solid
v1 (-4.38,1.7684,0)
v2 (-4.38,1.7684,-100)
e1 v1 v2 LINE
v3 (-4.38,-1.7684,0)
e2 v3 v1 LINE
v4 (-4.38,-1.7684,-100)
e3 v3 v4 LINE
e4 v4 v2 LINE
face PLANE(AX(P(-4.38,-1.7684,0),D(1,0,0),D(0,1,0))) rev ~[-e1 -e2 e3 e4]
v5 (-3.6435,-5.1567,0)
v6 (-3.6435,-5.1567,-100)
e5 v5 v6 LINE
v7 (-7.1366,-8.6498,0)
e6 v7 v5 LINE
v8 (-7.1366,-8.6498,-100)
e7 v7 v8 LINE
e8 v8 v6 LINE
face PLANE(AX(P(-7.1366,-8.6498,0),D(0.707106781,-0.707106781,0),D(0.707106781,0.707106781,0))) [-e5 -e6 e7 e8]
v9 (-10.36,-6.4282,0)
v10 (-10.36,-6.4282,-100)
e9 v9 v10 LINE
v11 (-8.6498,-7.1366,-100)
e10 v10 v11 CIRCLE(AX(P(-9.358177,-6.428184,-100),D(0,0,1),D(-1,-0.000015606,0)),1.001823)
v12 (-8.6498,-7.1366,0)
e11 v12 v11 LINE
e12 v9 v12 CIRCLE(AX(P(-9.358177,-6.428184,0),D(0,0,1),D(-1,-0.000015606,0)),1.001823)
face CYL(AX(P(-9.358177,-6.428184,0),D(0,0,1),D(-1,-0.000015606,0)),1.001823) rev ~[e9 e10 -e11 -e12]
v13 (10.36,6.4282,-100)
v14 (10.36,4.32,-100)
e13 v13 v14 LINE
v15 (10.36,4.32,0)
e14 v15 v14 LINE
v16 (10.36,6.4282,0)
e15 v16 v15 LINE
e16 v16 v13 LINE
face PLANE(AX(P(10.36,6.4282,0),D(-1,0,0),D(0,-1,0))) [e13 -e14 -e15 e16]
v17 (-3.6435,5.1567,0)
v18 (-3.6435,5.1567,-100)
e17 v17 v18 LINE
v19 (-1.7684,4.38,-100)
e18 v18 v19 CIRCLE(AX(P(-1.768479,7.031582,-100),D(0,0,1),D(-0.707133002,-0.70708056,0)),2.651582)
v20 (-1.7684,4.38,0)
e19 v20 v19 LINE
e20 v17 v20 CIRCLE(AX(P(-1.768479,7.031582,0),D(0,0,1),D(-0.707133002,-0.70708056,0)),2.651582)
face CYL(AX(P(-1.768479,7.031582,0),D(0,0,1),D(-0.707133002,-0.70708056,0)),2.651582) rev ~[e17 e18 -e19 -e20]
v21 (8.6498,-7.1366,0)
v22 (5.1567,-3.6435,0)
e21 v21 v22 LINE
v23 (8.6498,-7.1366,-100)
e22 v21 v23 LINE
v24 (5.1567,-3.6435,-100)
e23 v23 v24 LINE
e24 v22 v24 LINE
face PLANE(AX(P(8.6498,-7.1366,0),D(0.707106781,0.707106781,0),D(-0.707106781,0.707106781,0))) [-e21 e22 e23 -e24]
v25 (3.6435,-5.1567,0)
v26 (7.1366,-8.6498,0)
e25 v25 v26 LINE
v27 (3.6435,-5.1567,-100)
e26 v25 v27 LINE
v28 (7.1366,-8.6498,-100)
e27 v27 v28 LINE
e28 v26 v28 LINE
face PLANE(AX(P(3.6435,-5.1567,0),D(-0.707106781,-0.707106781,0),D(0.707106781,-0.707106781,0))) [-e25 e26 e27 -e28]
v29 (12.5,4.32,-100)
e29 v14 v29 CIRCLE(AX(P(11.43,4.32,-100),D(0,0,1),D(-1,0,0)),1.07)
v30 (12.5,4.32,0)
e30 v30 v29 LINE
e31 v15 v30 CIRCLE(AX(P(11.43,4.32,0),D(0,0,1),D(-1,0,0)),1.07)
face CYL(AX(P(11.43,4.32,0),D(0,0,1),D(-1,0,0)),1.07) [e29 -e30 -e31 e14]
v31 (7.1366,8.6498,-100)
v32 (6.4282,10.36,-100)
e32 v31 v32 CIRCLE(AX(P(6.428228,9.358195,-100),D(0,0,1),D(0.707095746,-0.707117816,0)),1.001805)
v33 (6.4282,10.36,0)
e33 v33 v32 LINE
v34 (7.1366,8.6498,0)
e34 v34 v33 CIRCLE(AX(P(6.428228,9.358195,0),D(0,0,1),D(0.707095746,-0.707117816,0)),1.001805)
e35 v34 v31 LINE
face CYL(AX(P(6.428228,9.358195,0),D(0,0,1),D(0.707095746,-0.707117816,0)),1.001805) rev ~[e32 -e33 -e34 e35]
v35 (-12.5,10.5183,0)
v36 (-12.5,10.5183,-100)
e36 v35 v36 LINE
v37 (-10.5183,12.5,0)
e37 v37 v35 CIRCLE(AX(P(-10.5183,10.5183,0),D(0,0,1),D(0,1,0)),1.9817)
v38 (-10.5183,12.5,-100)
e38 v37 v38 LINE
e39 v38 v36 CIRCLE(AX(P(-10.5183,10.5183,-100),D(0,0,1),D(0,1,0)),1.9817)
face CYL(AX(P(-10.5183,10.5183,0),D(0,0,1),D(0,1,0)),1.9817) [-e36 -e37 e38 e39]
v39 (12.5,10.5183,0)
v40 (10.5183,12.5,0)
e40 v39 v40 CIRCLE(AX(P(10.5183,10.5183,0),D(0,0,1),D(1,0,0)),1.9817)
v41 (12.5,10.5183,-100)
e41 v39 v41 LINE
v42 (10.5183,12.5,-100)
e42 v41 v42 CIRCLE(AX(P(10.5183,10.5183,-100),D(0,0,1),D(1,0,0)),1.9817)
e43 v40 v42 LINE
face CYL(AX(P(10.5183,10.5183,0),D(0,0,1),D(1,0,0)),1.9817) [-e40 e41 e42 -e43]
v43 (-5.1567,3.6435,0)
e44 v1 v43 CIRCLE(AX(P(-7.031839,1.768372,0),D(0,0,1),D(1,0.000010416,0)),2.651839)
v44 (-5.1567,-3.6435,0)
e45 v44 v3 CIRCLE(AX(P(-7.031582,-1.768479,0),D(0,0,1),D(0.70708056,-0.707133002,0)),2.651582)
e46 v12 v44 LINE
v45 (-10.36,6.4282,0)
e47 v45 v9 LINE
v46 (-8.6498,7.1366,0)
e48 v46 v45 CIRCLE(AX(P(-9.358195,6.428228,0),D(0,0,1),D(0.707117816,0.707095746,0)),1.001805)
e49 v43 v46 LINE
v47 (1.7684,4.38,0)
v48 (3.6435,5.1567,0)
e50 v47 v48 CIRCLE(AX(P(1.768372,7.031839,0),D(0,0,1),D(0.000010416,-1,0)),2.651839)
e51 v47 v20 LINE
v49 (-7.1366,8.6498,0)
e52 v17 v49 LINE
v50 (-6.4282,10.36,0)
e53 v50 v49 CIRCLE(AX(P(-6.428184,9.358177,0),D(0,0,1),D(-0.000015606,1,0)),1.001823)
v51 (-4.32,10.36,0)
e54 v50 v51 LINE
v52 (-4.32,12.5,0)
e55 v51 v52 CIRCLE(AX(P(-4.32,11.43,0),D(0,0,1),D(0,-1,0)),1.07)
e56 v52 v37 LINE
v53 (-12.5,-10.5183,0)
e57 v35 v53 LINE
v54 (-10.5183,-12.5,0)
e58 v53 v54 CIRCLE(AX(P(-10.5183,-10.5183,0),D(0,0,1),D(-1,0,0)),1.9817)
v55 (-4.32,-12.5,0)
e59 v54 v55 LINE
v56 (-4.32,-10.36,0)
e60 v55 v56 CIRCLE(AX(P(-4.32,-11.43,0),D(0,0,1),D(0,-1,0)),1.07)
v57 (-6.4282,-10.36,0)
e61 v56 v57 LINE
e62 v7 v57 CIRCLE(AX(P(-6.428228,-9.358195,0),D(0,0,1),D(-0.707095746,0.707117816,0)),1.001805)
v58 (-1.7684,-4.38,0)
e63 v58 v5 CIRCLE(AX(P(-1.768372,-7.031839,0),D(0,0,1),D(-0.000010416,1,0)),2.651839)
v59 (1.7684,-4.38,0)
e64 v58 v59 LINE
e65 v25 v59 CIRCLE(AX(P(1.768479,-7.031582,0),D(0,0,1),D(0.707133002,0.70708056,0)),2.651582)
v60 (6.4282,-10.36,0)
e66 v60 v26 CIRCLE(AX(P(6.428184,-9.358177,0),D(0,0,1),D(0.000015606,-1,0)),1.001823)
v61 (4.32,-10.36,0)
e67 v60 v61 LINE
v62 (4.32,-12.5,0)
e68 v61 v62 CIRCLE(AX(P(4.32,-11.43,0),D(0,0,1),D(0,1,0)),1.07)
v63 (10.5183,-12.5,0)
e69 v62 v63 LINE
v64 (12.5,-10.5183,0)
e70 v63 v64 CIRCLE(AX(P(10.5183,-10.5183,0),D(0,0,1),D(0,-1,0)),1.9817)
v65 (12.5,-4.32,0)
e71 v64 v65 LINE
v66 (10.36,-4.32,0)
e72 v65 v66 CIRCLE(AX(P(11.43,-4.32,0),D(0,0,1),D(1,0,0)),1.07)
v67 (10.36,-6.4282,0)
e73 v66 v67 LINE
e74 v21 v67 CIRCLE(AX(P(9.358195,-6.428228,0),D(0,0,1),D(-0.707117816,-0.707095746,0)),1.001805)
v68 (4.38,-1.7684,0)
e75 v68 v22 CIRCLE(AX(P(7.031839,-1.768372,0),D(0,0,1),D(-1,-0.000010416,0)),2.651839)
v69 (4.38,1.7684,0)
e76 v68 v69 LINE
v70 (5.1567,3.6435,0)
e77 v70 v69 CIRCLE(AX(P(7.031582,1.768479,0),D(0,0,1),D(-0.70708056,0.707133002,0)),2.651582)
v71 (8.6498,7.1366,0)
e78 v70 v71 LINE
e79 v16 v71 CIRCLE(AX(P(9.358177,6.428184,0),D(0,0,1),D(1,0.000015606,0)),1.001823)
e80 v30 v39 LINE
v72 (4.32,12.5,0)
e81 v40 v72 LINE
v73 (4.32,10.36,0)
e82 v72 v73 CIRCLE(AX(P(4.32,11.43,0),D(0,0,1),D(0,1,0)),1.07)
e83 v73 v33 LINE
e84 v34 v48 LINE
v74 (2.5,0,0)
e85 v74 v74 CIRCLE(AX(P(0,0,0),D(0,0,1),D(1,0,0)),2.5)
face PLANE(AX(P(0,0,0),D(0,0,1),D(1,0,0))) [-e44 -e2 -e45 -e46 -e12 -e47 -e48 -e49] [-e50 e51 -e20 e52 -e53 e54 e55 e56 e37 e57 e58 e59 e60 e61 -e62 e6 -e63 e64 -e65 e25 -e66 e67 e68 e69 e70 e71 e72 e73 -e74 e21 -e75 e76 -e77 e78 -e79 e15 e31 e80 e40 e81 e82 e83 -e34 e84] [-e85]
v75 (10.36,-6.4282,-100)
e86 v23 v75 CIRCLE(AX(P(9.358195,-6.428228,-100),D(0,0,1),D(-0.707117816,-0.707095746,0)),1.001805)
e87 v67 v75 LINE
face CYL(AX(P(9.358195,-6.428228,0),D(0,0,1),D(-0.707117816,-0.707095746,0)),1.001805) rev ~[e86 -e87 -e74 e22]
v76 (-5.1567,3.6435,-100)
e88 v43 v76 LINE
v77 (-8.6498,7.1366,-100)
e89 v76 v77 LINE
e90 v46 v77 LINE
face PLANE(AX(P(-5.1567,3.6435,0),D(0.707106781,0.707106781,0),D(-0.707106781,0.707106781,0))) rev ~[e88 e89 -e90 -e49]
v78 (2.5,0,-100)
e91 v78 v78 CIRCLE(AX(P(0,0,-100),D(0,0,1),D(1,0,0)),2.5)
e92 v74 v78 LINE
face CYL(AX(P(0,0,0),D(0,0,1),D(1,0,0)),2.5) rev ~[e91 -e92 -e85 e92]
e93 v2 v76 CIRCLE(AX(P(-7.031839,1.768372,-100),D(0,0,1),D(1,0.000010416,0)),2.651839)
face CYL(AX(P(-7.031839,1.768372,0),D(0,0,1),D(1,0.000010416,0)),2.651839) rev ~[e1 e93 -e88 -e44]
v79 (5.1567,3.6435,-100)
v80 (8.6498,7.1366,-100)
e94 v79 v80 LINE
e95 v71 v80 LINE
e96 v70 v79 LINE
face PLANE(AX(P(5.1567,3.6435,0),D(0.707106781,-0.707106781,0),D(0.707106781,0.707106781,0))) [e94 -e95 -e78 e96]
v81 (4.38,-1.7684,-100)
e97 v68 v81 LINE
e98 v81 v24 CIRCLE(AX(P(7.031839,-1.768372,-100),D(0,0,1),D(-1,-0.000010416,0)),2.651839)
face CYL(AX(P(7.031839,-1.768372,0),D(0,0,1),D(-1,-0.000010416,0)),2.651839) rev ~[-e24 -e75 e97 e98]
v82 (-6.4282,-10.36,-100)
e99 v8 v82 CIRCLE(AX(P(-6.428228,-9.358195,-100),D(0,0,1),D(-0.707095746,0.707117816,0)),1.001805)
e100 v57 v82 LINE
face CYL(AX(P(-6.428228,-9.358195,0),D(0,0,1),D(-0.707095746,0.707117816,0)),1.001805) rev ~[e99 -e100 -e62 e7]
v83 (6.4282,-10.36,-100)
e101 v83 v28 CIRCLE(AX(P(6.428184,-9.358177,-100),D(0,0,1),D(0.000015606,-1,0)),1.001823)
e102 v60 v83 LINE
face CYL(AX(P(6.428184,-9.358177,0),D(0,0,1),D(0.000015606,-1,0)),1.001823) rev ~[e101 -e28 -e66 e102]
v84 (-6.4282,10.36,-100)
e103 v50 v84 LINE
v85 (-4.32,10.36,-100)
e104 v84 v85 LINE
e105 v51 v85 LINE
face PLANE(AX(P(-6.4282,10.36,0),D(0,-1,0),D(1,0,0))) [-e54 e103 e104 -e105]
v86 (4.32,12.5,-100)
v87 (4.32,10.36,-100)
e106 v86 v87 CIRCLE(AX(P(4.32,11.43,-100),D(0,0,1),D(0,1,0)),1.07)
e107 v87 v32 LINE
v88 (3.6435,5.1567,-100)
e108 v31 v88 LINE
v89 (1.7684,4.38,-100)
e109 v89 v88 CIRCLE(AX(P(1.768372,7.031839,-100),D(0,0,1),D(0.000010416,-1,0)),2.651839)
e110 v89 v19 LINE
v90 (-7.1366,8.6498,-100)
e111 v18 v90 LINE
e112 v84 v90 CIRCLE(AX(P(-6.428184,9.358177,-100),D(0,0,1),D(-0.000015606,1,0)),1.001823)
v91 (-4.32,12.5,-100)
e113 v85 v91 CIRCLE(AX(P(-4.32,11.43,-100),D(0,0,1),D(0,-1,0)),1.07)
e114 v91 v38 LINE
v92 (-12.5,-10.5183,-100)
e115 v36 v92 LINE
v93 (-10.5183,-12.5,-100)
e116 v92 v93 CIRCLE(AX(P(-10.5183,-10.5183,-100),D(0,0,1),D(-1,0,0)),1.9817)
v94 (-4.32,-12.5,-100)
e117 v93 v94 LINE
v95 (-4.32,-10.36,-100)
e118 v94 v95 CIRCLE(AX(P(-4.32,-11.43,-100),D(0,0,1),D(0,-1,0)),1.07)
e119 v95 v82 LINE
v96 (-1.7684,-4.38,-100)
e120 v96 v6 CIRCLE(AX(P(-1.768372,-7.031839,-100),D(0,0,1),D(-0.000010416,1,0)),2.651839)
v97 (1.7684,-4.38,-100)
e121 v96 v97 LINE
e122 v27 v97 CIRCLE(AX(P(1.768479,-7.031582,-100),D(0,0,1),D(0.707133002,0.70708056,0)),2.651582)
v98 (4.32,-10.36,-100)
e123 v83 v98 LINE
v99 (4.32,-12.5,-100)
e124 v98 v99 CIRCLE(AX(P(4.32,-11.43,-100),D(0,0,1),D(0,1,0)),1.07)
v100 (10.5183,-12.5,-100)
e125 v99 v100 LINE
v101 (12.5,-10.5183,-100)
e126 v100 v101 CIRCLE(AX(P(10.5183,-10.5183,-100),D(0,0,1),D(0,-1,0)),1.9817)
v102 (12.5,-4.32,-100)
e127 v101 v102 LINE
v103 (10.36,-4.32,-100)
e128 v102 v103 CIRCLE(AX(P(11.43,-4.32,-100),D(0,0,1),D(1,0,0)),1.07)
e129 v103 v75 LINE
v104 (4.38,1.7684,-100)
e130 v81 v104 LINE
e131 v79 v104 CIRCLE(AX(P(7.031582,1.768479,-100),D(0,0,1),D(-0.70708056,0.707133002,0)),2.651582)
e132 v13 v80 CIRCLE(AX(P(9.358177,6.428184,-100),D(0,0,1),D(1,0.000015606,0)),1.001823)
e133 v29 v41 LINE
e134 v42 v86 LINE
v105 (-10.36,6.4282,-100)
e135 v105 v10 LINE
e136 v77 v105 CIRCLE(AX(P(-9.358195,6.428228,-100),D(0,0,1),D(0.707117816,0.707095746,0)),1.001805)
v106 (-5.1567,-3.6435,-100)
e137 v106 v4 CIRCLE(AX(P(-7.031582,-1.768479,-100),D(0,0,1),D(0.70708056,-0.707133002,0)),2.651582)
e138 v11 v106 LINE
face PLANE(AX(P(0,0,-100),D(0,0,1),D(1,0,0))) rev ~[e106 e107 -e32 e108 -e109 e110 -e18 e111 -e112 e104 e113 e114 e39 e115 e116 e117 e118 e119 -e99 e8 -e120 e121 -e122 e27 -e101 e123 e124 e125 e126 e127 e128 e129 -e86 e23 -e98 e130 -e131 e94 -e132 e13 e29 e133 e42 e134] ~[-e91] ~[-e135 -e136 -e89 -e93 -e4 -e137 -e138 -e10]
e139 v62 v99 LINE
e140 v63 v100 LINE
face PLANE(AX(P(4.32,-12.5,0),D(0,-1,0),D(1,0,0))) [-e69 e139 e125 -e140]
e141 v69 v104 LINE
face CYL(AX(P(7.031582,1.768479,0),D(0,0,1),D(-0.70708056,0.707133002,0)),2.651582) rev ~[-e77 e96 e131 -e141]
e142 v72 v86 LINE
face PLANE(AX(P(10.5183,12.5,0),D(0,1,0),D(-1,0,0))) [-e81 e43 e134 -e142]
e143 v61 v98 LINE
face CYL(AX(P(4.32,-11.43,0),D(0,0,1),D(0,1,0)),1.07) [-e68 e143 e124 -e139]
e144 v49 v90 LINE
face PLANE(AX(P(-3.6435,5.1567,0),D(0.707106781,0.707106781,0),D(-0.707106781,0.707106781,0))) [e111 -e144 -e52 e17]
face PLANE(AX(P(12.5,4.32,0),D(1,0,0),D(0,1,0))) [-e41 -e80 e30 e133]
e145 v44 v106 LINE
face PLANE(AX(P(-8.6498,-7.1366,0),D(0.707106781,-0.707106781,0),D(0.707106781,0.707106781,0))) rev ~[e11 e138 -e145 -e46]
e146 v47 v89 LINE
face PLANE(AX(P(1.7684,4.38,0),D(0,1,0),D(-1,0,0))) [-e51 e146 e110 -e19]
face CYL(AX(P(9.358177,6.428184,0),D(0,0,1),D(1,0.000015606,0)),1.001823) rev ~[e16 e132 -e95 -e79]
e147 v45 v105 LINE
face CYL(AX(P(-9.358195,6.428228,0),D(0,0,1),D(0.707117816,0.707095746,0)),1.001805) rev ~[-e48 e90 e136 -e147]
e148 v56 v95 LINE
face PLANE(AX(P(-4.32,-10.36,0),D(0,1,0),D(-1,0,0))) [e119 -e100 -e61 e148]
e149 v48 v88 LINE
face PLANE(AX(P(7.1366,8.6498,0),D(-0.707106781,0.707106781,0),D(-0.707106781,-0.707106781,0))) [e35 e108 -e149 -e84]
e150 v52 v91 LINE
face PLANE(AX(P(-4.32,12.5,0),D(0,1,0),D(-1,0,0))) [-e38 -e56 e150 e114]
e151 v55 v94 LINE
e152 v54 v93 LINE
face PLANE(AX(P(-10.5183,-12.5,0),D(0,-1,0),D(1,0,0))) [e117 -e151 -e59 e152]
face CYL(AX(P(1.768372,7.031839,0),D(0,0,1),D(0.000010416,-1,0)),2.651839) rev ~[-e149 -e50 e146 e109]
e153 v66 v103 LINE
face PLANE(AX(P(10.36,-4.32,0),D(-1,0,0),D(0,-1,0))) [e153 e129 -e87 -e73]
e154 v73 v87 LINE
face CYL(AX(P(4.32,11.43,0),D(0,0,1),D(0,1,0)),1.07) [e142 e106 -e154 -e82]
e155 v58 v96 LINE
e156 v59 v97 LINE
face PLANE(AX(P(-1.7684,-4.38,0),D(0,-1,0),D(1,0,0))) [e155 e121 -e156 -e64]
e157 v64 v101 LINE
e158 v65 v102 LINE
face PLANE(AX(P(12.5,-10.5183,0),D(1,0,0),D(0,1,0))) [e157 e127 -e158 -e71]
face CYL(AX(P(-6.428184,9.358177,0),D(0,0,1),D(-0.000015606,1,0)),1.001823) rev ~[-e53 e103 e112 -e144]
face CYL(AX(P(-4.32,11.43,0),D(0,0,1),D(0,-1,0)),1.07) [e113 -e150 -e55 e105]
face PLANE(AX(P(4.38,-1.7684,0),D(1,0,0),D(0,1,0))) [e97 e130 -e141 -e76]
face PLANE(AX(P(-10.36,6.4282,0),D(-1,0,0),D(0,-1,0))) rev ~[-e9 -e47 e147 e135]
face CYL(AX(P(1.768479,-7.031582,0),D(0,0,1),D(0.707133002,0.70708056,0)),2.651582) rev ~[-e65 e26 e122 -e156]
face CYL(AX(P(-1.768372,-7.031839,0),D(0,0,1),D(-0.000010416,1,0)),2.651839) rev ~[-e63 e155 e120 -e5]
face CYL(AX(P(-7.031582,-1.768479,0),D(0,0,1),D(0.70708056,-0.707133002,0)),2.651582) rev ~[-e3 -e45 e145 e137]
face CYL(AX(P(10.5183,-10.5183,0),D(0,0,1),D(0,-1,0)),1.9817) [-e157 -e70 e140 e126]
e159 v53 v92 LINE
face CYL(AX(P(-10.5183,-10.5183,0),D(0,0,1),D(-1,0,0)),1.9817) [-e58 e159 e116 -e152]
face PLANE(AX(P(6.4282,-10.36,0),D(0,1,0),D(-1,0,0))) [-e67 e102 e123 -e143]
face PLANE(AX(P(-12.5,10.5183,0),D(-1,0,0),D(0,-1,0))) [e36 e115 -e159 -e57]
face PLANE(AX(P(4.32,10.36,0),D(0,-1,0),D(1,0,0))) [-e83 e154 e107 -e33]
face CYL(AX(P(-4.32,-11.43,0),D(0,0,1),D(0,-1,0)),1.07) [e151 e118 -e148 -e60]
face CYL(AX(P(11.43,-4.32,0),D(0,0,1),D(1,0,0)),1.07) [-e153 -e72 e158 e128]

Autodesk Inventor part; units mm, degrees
ref_plane "YZ Plane" through (0, 0, 0) normal (1, 0, 0) x (0, 1, 0)
ref_plane "XZ Plane" through (0, 0, 0) normal (0, 1, 0) x (-1, 0, 0)
ref_plane "XY Plane" through (0, 0, 0) normal (0, 0, 1) x (1, 0, 0)
sketch "Sketch1" plane through (0, 0, 0) normal (0, 0, 1) x (1, 0, 0)
  arc A0 (-10.36, -6.4282) -> (-8.6498, -7.1366) centre (-9.3582, -6.4282) ccw
  line L0 (-10.36, 6.4282) -> (-10.36, -6.4282)
  arc A1 (-8.6498, 7.1366) -> (-10.36, 6.4282) centre (-9.3582, 6.4282) ccw
  line L1 (-5.1567, 3.6435) -> (-8.6498, 7.1366)
  arc A2 (-4.38, 1.7684) -> (-5.1567, 3.6435) centre (-7.0317, 1.7684) ccw
  line L2 (-4.38, -1.7684) -> (-4.38, 1.7684)
  arc A3 (-5.1567, -3.6435) -> (-4.38, -1.7684) centre (-7.0317, -1.7684) ccw
  line L3 (-8.6498, -7.1366) -> (-5.1567, -3.6435)
  circle A4 centre (0, 0) radius 2.5
  line L4 (-10.5183, -12.5) -> (-4.32, -12.5)
  arc A5 (-4.32, -12.5) -> (-4.32, -10.36) centre (-4.32, -11.43) ccw
  line L5 (-4.32, -10.36) -> (-6.4282, -10.36)
  arc A6 (-7.1366, -8.6498) -> (-6.4282, -10.36) centre (-6.4282, -9.3582) ccw
  line L6 (-7.1366, -8.6498) -> (-3.6435, -5.1567)
  arc A7 (-1.7684, -4.38) -> (-3.6435, -5.1567) centre (-1.7684, -7.0317) ccw
  line L7 (-1.7684, -4.38) -> (1.7684, -4.38)
  arc A8 (3.6435, -5.1567) -> (1.7684, -4.38) centre (1.7684, -7.0317) ccw
  line L8 (3.6435, -5.1567) -> (7.1366, -8.6498)
  arc A9 (6.4282, -10.36) -> (7.1366, -8.6498) centre (6.4282, -9.3582) ccw
  line L9 (6.4282, -10.36) -> (4.32, -10.36)
  arc A10 (4.32, -10.36) -> (4.32, -12.5) centre (4.32, -11.43) ccw
  line L10 (4.32, -12.5) -> (10.5183, -12.5)
  arc A11 (10.5183, -12.5) -> (12.5, -10.5183) centre (10.5183, -10.5183) ccw
  line L11 (12.5, -10.5183) -> (12.5, -4.32)
  arc A12 (12.5, -4.32) -> (10.36, -4.32) centre (11.43, -4.32) ccw
  line L12 (10.36, -4.32) -> (10.36, -6.4282)
  arc A13 (8.6498, -7.1366) -> (10.36, -6.4282) centre (9.3582, -6.4282) ccw
  line L13 (8.6498, -7.1366) -> (5.1567, -3.6435)
  arc A14 (4.38, -1.7684) -> (5.1567, -3.6435) centre (7.0317, -1.7684) ccw
  line L14 (4.38, -1.7684) -> (4.38, 1.7684)
  arc A15 (5.1567, 3.6435) -> (4.38, 1.7684) centre (7.0317, 1.7684) ccw
  line L15 (5.1567, 3.6435) -> (8.6498, 7.1366)
  arc A16 (10.36, 6.4282) -> (8.6498, 7.1366) centre (9.3582, 6.4282) ccw
  line L16 (10.36, 6.4282) -> (10.36, 4.32)
  arc A17 (10.36, 4.32) -> (12.5, 4.32) centre (11.43, 4.32) ccw
  line L17 (12.5, 4.32) -> (12.5, 10.5183)
  arc A18 (12.5, 10.5183) -> (10.5183, 12.5) centre (10.5183, 10.5183) ccw
  line L18 (10.5183, 12.5) -> (4.32, 12.5)
  arc A19 (4.32, 12.5) -> (4.32, 10.36) centre (4.32, 11.43) ccw
  line L19 (4.32, 10.36) -> (6.4282, 10.36)
  arc A20 (7.1366, 8.6498) -> (6.4282, 10.36) centre (6.4282, 9.3582) ccw
  line L20 (7.1366, 8.6498) -> (3.6435, 5.1567)
  arc A21 (1.7684, 4.38) -> (3.6435, 5.1567) centre (1.7684, 7.0317) ccw
  line L21 (1.7684, 4.38) -> (-1.7684, 4.38)
  arc A22 (-3.6435, 5.1567) -> (-1.7684, 4.38) centre (-1.7684, 7.0317) ccw
  line L22 (-3.6435, 5.1567) -> (-7.1366, 8.6498)
  arc A23 (-6.4282, 10.36) -> (-7.1366, 8.6498) centre (-6.4282, 9.3582) ccw
  line L23 (-6.4282, 10.36) -> (-4.32, 10.36)
  arc A24 (-4.32, 10.36) -> (-4.32, 12.5) centre (-4.32, 11.43) ccw
  line L24 (-4.32, 12.5) -> (-10.5183, 12.5)
  arc A25 (-10.5183, 12.5) -> (-12.5, 10.5183) centre (-10.5183, 10.5183) ccw
  line L25 (-12.5, 10.5183) -> (-12.5, -10.5183)
  arc A26 (-12.5, -10.5183) -> (-10.5183, -12.5) centre (-10.5183, -10.5183) ccw
extrude "Extrusion1" add sketch "Sketch1" against normal blind 100
properties part number "25-2503-BLACK-FB"
